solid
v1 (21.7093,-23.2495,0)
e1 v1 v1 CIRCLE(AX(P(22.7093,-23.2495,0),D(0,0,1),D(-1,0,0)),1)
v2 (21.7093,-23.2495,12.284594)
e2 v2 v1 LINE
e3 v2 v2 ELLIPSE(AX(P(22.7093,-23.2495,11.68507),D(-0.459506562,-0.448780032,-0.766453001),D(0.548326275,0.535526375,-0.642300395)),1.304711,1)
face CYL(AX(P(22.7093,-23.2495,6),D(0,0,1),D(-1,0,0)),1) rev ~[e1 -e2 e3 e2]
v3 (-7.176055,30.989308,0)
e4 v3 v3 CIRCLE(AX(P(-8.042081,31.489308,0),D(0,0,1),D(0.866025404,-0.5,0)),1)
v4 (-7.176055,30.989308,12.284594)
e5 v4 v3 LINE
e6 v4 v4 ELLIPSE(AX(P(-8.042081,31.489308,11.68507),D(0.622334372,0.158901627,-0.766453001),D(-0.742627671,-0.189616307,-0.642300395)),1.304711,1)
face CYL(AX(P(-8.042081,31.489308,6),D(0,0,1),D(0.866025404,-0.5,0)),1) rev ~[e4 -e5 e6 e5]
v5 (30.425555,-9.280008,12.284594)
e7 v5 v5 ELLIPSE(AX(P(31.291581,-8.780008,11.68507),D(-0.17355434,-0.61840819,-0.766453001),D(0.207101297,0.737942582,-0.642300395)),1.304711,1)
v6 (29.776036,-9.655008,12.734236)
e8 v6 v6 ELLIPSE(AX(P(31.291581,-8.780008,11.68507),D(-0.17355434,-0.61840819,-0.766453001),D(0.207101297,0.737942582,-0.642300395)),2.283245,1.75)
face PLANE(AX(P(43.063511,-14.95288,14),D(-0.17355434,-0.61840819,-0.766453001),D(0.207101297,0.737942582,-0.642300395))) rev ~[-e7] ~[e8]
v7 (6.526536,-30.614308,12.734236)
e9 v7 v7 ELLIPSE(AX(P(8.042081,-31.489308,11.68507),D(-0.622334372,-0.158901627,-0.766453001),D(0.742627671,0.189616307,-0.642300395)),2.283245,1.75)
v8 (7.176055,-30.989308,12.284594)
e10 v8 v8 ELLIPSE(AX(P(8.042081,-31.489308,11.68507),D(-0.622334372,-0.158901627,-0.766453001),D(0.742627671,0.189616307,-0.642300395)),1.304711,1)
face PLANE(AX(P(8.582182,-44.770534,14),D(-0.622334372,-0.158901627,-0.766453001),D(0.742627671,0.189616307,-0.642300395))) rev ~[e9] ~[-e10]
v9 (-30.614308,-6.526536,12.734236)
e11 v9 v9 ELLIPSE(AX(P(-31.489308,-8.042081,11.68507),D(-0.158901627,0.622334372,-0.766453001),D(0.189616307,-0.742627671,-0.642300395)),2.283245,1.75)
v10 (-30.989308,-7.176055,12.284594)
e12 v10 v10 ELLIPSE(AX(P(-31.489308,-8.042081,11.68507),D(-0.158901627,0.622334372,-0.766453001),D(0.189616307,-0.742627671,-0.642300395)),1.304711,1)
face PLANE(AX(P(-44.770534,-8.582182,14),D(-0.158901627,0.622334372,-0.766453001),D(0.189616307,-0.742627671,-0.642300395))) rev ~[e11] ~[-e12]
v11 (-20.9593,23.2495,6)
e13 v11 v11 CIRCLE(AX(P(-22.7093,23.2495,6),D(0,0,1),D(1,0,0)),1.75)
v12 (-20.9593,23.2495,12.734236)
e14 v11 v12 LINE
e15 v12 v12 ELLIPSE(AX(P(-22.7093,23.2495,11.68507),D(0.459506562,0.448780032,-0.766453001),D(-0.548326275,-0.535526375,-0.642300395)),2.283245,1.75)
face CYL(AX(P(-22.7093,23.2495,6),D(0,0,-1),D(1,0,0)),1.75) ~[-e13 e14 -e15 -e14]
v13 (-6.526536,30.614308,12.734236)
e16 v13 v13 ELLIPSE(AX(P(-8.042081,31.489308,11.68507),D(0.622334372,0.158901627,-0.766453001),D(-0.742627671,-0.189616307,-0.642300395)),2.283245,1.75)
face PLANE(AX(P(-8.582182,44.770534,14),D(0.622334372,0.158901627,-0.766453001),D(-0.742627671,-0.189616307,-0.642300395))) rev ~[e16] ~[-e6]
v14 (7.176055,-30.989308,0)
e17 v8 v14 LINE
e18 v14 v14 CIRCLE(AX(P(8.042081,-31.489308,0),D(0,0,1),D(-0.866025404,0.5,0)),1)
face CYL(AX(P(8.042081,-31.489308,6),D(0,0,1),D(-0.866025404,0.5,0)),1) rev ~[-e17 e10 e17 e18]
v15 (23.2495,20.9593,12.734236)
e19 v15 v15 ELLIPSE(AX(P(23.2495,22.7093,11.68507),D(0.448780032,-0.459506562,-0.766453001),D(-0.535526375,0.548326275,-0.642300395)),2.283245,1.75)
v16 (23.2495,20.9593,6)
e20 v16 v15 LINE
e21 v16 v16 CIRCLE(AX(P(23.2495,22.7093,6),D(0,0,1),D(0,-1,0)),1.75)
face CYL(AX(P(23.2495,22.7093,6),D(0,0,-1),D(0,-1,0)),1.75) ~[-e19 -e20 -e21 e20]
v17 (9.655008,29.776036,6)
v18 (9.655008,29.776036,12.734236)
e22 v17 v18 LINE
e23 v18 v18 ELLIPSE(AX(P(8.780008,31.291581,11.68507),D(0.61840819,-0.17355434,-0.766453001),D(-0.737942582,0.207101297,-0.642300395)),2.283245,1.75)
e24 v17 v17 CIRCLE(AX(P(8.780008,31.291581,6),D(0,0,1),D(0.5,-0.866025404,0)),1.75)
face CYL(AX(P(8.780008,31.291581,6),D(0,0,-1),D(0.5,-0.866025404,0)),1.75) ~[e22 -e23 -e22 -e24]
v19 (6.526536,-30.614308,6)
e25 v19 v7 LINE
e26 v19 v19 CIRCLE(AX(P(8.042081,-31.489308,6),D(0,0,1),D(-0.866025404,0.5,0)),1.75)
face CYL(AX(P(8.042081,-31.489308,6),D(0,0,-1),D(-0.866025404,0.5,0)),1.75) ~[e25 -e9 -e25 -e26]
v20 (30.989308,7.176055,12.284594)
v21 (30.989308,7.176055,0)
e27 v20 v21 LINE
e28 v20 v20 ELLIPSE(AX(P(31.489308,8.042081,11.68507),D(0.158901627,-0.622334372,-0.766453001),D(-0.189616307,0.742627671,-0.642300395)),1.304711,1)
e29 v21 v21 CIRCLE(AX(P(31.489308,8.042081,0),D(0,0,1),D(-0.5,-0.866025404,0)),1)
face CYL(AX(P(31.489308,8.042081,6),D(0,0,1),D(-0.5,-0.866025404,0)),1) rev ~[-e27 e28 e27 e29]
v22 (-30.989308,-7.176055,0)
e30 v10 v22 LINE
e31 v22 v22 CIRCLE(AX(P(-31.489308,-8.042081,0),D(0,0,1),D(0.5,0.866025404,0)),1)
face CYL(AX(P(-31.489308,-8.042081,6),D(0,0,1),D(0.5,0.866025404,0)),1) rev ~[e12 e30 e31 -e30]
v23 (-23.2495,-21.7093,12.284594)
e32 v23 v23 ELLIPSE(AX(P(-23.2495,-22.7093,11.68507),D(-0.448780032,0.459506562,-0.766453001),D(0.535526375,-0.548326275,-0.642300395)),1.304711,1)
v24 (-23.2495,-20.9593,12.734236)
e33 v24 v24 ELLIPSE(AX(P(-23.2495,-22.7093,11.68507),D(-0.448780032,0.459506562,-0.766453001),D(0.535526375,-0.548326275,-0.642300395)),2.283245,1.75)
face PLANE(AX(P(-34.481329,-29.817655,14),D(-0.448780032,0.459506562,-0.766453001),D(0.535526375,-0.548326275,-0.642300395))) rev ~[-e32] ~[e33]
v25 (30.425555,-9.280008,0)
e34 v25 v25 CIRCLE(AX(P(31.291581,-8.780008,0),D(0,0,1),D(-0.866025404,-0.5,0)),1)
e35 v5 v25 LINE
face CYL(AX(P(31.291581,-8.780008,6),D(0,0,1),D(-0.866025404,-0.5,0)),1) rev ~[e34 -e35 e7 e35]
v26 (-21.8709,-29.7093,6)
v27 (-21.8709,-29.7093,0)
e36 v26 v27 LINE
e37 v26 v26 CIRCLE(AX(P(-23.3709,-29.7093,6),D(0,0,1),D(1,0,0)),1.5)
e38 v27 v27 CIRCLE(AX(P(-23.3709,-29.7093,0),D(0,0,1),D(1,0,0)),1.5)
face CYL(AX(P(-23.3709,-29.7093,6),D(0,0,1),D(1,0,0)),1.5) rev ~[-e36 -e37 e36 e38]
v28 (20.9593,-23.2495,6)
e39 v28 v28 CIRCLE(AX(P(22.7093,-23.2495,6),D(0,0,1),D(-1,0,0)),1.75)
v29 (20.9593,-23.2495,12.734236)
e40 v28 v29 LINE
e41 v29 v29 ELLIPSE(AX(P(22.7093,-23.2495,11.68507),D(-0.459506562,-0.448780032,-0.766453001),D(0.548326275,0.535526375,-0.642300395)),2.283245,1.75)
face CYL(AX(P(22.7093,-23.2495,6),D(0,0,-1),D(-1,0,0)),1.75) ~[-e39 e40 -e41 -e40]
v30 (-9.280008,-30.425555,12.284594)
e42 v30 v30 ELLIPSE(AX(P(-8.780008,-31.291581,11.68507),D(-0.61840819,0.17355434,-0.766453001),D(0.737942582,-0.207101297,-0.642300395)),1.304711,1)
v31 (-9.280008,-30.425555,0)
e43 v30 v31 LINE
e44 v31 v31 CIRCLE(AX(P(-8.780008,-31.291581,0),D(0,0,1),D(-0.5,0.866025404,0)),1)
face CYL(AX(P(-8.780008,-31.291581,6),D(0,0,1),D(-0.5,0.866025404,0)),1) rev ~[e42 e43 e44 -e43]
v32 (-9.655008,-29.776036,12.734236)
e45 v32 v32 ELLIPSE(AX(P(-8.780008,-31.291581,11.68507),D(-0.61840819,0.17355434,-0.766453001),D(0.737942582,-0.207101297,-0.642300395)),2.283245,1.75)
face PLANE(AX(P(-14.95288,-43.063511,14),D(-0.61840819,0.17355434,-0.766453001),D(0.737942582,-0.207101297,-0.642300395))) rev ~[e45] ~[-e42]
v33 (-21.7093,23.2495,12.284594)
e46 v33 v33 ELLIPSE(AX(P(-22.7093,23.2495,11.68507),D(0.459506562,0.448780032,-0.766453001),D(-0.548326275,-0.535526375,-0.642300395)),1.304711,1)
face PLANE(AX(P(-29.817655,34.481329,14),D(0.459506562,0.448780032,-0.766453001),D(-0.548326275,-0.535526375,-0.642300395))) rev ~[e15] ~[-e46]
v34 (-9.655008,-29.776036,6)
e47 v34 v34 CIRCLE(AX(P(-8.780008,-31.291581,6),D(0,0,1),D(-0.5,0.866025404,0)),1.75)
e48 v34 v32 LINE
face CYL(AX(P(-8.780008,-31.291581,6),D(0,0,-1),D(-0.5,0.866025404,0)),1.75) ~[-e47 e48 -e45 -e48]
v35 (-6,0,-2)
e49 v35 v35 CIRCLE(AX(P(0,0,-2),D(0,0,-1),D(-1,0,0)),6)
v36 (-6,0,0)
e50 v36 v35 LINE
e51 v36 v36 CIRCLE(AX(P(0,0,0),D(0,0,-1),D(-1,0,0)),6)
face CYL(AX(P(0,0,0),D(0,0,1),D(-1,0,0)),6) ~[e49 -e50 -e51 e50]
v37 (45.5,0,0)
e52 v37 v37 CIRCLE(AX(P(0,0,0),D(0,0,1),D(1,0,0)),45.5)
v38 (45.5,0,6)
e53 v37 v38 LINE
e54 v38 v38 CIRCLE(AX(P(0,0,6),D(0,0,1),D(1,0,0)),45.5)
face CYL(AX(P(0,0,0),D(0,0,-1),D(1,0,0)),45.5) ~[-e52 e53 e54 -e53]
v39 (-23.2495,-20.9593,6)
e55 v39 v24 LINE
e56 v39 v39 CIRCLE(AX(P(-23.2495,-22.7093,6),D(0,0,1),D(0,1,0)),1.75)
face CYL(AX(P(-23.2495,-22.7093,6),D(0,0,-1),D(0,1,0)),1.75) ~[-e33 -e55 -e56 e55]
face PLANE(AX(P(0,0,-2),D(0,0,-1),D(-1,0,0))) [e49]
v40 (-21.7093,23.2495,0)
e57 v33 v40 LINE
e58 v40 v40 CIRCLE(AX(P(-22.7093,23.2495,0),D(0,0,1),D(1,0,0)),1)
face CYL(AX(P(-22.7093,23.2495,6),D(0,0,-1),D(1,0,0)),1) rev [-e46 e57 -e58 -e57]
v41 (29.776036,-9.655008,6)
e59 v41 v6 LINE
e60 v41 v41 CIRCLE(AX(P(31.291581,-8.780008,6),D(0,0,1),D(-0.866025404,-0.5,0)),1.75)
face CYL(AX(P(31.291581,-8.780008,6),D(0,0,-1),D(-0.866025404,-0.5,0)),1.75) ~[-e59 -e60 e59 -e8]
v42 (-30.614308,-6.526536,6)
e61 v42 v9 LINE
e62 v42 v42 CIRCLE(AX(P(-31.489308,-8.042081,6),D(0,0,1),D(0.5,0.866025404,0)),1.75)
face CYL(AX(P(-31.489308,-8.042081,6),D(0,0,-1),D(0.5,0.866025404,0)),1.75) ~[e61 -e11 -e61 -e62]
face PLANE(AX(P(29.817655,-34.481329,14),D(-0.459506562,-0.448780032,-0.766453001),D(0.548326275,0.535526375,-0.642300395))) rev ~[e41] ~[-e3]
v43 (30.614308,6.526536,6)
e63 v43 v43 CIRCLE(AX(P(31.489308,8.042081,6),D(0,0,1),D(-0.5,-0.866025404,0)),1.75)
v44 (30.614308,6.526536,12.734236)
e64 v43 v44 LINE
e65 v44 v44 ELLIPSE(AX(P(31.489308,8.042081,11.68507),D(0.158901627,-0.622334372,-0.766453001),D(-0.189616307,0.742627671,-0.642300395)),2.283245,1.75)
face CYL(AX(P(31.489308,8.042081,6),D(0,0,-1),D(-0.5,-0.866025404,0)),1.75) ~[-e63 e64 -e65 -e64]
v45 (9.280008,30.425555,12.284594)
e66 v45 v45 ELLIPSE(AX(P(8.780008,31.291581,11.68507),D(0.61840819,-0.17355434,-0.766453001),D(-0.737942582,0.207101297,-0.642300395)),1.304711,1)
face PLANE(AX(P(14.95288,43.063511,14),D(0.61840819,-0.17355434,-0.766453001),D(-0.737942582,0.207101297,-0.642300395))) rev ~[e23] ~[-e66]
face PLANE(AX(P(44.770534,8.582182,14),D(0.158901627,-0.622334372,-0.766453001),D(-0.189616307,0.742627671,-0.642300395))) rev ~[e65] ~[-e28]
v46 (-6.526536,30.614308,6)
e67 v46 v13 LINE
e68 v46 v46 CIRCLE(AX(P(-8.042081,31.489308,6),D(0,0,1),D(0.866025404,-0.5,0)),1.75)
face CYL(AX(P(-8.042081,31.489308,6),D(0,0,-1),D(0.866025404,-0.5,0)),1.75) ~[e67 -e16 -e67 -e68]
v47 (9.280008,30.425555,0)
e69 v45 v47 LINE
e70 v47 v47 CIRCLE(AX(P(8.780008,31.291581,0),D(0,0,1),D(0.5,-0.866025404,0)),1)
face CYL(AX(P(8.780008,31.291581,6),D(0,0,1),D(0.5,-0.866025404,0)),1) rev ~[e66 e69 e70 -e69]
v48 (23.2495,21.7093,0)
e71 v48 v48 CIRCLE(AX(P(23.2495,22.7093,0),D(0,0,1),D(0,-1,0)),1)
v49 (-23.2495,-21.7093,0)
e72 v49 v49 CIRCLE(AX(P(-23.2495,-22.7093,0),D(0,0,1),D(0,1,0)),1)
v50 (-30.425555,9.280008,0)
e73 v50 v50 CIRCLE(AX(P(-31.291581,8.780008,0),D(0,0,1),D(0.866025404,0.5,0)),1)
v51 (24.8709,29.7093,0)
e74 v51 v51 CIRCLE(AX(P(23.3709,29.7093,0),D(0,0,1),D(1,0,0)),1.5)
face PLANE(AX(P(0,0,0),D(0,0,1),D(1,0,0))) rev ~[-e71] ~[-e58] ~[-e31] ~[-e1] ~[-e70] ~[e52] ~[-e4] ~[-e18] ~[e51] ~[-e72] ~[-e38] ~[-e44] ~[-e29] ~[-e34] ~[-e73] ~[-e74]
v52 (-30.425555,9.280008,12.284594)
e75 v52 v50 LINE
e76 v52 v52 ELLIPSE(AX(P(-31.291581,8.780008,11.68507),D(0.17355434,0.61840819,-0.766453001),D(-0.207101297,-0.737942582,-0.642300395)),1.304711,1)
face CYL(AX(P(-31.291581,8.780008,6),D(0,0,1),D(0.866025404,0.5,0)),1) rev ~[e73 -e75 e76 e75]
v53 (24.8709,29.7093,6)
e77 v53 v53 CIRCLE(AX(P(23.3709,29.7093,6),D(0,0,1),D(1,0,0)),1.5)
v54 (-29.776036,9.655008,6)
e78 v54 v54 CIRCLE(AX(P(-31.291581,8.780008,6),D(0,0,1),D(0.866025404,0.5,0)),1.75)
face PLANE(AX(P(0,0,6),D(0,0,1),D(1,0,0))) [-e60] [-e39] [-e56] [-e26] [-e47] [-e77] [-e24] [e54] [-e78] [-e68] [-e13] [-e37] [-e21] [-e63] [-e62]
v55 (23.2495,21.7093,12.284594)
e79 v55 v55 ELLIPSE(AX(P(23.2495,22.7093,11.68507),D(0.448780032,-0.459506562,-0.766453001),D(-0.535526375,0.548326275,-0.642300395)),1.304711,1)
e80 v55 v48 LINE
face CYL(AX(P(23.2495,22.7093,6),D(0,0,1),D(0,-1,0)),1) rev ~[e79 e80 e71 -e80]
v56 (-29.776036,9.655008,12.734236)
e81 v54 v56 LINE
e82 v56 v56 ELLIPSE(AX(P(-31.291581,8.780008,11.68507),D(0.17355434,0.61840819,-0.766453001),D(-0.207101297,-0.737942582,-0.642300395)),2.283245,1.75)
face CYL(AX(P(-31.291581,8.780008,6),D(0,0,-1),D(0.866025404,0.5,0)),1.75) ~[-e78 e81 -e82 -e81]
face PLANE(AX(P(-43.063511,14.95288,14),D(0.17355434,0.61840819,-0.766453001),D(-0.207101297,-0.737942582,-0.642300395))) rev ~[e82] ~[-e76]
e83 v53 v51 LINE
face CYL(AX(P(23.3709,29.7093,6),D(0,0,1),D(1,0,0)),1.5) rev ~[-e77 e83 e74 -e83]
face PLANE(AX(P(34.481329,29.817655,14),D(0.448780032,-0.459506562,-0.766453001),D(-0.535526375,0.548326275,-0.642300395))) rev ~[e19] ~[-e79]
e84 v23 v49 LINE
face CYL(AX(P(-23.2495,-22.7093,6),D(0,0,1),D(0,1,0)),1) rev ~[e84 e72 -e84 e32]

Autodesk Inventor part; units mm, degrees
ref_plane "YZ Plane" through (0, 0, 0) normal (1, 0, 0) x (0, 1, 0)
ref_plane "XZ Plane" through (0, 0, 0) normal (0, 1, 0) x (-1, 0, 0)
ref_plane "XY Plane" through (0, 0, 0) normal (0, 0, 1) x (1, 0, 0)
sketch "Sketch14" plane through (0, 0, 0) normal (0, 0, 1) x (1, 0, 0)
  circle A0 centre (0, 0) radius 45.5
  dimension "d67" = 91
extrude "Extrusion10" add sketch "Sketch14" along normal blind 6
sketch "Sketch15" plane through (0, 0, 6) normal (0, 0, 1) x (1, 0, 0)
  circle A0 centre (-22.7093, 23.2495) radius 1
  line L0 (-22.7093, 23.2495) -> (0, 0) construction
  circle A1 centre (0, 0) radius 45.5 projected
  line L1 (0, 0) -> (-55.3564, 56.6733) construction
  line L2 (-55.3564, 56.6733) -> (-63.1164, 49.0935) construction
  dimension "d70" = 32.5
  dimension "d75" = 2
extrude "Extrusion11" cut sketch "Sketch15" against normal blind 6 contours A0
sketch "Sketch16" plane through (0, 0, 6) normal (0, 0, 1) x (1, 0, 0)
  circle A0 centre (-22.7093, 23.2495) radius 1.75
  circle A1 centre (-22.7093, 23.2495) radius 1 projected
  point P0 (0, 0)
  dimension "d73" = 3.5
extrude "Extrusion12" add sketch "Sketch16" along normal blind 8
sketch "Sketch17" plane through (0, 0, 6) normal (0, 0, 1) x (1, 0, 0)
  circle A0 centre (-22.7093, 23.2495) radius 1.75 projected
  circle A1 centre (-22.7093, 23.2495) radius 1 construction
  line L0 (-22.7093, 23.2495) -> (0, 0) construction
  line L1 (-22.7093, 23.2495) -> (-31.793, 32.5493) construction
  circle A2 centre (0, 0) radius 45.5 construction
  dimension "d79" = 91
ref_plane "Work Plane18" through (-31.793, 32.5493, 6) normal (-0.6987, 0.7154, 0) x (-0.7154, -0.6987, 0)
sketch "Sketch18" plane through (-31.793, 32.5493, 6) normal (-0.6987, 0.7154, 0) x (-0.7154, -0.6987, 0)
  line L0 (-2.7631, 8) -> (2.8739, 3.2761)
  line L1 (2.8739, 3.2761) -> (2.8739, 8)
  line L2 (2.8739, 8) -> (-2.7631, 8)
  point P0 (0, -6)
extrude "Extrusion13" cut sketch "Sketch18" against normal blind 15
pattern_circular "Circular Pattern2" count 12 over 360 about axis through (0, 0, 6) along (0, 0, 1) of "Extrusion12", "Extrusion13", "Extrusion11"
sketch "Sketch19" plane through (0, 0, 6) normal (0, 0, 1) x (1, 0, 0)
  circle A0 centre (23.3709, 29.7093) radius 1.5
  circle A1 centre (-23.3709, -29.7093) radius 1.5
  line L0 (-23.3709, -29.7093) -> (23.3709, 29.7093) construction
  circle A2 centre (-31.4893, -8.042) radius 1 construction
  circle A3 centre (-31.2916, 8.78) radius 1 projected
  circle A4 centre (-23.2495, -22.7093) radius 1 projected
  circle A5 centre (-8.78, -31.2916) radius 1 projected
  point P0 (0, 0)
  point P1 (0, 0)
  dimension "d85" = 3
  dimension "d87" = 3
  dimension "d101" = 75.6
  dimension "d103" = 7
extrude "Extrusion14" cut sketch "Sketch19" against normal blind 10 contours A0 | A1
sketch "Sketch20" plane through (0, 0, 0) normal (0, 0, -1) x (-1, 0, 0)
  circle A0 centre (0, 0) radius 6
  dimension "d104" = 12
extrude "Extrusion15" add sketch "Sketch20" along normal blind 2
properties part number "inner bayonet connector 12"
